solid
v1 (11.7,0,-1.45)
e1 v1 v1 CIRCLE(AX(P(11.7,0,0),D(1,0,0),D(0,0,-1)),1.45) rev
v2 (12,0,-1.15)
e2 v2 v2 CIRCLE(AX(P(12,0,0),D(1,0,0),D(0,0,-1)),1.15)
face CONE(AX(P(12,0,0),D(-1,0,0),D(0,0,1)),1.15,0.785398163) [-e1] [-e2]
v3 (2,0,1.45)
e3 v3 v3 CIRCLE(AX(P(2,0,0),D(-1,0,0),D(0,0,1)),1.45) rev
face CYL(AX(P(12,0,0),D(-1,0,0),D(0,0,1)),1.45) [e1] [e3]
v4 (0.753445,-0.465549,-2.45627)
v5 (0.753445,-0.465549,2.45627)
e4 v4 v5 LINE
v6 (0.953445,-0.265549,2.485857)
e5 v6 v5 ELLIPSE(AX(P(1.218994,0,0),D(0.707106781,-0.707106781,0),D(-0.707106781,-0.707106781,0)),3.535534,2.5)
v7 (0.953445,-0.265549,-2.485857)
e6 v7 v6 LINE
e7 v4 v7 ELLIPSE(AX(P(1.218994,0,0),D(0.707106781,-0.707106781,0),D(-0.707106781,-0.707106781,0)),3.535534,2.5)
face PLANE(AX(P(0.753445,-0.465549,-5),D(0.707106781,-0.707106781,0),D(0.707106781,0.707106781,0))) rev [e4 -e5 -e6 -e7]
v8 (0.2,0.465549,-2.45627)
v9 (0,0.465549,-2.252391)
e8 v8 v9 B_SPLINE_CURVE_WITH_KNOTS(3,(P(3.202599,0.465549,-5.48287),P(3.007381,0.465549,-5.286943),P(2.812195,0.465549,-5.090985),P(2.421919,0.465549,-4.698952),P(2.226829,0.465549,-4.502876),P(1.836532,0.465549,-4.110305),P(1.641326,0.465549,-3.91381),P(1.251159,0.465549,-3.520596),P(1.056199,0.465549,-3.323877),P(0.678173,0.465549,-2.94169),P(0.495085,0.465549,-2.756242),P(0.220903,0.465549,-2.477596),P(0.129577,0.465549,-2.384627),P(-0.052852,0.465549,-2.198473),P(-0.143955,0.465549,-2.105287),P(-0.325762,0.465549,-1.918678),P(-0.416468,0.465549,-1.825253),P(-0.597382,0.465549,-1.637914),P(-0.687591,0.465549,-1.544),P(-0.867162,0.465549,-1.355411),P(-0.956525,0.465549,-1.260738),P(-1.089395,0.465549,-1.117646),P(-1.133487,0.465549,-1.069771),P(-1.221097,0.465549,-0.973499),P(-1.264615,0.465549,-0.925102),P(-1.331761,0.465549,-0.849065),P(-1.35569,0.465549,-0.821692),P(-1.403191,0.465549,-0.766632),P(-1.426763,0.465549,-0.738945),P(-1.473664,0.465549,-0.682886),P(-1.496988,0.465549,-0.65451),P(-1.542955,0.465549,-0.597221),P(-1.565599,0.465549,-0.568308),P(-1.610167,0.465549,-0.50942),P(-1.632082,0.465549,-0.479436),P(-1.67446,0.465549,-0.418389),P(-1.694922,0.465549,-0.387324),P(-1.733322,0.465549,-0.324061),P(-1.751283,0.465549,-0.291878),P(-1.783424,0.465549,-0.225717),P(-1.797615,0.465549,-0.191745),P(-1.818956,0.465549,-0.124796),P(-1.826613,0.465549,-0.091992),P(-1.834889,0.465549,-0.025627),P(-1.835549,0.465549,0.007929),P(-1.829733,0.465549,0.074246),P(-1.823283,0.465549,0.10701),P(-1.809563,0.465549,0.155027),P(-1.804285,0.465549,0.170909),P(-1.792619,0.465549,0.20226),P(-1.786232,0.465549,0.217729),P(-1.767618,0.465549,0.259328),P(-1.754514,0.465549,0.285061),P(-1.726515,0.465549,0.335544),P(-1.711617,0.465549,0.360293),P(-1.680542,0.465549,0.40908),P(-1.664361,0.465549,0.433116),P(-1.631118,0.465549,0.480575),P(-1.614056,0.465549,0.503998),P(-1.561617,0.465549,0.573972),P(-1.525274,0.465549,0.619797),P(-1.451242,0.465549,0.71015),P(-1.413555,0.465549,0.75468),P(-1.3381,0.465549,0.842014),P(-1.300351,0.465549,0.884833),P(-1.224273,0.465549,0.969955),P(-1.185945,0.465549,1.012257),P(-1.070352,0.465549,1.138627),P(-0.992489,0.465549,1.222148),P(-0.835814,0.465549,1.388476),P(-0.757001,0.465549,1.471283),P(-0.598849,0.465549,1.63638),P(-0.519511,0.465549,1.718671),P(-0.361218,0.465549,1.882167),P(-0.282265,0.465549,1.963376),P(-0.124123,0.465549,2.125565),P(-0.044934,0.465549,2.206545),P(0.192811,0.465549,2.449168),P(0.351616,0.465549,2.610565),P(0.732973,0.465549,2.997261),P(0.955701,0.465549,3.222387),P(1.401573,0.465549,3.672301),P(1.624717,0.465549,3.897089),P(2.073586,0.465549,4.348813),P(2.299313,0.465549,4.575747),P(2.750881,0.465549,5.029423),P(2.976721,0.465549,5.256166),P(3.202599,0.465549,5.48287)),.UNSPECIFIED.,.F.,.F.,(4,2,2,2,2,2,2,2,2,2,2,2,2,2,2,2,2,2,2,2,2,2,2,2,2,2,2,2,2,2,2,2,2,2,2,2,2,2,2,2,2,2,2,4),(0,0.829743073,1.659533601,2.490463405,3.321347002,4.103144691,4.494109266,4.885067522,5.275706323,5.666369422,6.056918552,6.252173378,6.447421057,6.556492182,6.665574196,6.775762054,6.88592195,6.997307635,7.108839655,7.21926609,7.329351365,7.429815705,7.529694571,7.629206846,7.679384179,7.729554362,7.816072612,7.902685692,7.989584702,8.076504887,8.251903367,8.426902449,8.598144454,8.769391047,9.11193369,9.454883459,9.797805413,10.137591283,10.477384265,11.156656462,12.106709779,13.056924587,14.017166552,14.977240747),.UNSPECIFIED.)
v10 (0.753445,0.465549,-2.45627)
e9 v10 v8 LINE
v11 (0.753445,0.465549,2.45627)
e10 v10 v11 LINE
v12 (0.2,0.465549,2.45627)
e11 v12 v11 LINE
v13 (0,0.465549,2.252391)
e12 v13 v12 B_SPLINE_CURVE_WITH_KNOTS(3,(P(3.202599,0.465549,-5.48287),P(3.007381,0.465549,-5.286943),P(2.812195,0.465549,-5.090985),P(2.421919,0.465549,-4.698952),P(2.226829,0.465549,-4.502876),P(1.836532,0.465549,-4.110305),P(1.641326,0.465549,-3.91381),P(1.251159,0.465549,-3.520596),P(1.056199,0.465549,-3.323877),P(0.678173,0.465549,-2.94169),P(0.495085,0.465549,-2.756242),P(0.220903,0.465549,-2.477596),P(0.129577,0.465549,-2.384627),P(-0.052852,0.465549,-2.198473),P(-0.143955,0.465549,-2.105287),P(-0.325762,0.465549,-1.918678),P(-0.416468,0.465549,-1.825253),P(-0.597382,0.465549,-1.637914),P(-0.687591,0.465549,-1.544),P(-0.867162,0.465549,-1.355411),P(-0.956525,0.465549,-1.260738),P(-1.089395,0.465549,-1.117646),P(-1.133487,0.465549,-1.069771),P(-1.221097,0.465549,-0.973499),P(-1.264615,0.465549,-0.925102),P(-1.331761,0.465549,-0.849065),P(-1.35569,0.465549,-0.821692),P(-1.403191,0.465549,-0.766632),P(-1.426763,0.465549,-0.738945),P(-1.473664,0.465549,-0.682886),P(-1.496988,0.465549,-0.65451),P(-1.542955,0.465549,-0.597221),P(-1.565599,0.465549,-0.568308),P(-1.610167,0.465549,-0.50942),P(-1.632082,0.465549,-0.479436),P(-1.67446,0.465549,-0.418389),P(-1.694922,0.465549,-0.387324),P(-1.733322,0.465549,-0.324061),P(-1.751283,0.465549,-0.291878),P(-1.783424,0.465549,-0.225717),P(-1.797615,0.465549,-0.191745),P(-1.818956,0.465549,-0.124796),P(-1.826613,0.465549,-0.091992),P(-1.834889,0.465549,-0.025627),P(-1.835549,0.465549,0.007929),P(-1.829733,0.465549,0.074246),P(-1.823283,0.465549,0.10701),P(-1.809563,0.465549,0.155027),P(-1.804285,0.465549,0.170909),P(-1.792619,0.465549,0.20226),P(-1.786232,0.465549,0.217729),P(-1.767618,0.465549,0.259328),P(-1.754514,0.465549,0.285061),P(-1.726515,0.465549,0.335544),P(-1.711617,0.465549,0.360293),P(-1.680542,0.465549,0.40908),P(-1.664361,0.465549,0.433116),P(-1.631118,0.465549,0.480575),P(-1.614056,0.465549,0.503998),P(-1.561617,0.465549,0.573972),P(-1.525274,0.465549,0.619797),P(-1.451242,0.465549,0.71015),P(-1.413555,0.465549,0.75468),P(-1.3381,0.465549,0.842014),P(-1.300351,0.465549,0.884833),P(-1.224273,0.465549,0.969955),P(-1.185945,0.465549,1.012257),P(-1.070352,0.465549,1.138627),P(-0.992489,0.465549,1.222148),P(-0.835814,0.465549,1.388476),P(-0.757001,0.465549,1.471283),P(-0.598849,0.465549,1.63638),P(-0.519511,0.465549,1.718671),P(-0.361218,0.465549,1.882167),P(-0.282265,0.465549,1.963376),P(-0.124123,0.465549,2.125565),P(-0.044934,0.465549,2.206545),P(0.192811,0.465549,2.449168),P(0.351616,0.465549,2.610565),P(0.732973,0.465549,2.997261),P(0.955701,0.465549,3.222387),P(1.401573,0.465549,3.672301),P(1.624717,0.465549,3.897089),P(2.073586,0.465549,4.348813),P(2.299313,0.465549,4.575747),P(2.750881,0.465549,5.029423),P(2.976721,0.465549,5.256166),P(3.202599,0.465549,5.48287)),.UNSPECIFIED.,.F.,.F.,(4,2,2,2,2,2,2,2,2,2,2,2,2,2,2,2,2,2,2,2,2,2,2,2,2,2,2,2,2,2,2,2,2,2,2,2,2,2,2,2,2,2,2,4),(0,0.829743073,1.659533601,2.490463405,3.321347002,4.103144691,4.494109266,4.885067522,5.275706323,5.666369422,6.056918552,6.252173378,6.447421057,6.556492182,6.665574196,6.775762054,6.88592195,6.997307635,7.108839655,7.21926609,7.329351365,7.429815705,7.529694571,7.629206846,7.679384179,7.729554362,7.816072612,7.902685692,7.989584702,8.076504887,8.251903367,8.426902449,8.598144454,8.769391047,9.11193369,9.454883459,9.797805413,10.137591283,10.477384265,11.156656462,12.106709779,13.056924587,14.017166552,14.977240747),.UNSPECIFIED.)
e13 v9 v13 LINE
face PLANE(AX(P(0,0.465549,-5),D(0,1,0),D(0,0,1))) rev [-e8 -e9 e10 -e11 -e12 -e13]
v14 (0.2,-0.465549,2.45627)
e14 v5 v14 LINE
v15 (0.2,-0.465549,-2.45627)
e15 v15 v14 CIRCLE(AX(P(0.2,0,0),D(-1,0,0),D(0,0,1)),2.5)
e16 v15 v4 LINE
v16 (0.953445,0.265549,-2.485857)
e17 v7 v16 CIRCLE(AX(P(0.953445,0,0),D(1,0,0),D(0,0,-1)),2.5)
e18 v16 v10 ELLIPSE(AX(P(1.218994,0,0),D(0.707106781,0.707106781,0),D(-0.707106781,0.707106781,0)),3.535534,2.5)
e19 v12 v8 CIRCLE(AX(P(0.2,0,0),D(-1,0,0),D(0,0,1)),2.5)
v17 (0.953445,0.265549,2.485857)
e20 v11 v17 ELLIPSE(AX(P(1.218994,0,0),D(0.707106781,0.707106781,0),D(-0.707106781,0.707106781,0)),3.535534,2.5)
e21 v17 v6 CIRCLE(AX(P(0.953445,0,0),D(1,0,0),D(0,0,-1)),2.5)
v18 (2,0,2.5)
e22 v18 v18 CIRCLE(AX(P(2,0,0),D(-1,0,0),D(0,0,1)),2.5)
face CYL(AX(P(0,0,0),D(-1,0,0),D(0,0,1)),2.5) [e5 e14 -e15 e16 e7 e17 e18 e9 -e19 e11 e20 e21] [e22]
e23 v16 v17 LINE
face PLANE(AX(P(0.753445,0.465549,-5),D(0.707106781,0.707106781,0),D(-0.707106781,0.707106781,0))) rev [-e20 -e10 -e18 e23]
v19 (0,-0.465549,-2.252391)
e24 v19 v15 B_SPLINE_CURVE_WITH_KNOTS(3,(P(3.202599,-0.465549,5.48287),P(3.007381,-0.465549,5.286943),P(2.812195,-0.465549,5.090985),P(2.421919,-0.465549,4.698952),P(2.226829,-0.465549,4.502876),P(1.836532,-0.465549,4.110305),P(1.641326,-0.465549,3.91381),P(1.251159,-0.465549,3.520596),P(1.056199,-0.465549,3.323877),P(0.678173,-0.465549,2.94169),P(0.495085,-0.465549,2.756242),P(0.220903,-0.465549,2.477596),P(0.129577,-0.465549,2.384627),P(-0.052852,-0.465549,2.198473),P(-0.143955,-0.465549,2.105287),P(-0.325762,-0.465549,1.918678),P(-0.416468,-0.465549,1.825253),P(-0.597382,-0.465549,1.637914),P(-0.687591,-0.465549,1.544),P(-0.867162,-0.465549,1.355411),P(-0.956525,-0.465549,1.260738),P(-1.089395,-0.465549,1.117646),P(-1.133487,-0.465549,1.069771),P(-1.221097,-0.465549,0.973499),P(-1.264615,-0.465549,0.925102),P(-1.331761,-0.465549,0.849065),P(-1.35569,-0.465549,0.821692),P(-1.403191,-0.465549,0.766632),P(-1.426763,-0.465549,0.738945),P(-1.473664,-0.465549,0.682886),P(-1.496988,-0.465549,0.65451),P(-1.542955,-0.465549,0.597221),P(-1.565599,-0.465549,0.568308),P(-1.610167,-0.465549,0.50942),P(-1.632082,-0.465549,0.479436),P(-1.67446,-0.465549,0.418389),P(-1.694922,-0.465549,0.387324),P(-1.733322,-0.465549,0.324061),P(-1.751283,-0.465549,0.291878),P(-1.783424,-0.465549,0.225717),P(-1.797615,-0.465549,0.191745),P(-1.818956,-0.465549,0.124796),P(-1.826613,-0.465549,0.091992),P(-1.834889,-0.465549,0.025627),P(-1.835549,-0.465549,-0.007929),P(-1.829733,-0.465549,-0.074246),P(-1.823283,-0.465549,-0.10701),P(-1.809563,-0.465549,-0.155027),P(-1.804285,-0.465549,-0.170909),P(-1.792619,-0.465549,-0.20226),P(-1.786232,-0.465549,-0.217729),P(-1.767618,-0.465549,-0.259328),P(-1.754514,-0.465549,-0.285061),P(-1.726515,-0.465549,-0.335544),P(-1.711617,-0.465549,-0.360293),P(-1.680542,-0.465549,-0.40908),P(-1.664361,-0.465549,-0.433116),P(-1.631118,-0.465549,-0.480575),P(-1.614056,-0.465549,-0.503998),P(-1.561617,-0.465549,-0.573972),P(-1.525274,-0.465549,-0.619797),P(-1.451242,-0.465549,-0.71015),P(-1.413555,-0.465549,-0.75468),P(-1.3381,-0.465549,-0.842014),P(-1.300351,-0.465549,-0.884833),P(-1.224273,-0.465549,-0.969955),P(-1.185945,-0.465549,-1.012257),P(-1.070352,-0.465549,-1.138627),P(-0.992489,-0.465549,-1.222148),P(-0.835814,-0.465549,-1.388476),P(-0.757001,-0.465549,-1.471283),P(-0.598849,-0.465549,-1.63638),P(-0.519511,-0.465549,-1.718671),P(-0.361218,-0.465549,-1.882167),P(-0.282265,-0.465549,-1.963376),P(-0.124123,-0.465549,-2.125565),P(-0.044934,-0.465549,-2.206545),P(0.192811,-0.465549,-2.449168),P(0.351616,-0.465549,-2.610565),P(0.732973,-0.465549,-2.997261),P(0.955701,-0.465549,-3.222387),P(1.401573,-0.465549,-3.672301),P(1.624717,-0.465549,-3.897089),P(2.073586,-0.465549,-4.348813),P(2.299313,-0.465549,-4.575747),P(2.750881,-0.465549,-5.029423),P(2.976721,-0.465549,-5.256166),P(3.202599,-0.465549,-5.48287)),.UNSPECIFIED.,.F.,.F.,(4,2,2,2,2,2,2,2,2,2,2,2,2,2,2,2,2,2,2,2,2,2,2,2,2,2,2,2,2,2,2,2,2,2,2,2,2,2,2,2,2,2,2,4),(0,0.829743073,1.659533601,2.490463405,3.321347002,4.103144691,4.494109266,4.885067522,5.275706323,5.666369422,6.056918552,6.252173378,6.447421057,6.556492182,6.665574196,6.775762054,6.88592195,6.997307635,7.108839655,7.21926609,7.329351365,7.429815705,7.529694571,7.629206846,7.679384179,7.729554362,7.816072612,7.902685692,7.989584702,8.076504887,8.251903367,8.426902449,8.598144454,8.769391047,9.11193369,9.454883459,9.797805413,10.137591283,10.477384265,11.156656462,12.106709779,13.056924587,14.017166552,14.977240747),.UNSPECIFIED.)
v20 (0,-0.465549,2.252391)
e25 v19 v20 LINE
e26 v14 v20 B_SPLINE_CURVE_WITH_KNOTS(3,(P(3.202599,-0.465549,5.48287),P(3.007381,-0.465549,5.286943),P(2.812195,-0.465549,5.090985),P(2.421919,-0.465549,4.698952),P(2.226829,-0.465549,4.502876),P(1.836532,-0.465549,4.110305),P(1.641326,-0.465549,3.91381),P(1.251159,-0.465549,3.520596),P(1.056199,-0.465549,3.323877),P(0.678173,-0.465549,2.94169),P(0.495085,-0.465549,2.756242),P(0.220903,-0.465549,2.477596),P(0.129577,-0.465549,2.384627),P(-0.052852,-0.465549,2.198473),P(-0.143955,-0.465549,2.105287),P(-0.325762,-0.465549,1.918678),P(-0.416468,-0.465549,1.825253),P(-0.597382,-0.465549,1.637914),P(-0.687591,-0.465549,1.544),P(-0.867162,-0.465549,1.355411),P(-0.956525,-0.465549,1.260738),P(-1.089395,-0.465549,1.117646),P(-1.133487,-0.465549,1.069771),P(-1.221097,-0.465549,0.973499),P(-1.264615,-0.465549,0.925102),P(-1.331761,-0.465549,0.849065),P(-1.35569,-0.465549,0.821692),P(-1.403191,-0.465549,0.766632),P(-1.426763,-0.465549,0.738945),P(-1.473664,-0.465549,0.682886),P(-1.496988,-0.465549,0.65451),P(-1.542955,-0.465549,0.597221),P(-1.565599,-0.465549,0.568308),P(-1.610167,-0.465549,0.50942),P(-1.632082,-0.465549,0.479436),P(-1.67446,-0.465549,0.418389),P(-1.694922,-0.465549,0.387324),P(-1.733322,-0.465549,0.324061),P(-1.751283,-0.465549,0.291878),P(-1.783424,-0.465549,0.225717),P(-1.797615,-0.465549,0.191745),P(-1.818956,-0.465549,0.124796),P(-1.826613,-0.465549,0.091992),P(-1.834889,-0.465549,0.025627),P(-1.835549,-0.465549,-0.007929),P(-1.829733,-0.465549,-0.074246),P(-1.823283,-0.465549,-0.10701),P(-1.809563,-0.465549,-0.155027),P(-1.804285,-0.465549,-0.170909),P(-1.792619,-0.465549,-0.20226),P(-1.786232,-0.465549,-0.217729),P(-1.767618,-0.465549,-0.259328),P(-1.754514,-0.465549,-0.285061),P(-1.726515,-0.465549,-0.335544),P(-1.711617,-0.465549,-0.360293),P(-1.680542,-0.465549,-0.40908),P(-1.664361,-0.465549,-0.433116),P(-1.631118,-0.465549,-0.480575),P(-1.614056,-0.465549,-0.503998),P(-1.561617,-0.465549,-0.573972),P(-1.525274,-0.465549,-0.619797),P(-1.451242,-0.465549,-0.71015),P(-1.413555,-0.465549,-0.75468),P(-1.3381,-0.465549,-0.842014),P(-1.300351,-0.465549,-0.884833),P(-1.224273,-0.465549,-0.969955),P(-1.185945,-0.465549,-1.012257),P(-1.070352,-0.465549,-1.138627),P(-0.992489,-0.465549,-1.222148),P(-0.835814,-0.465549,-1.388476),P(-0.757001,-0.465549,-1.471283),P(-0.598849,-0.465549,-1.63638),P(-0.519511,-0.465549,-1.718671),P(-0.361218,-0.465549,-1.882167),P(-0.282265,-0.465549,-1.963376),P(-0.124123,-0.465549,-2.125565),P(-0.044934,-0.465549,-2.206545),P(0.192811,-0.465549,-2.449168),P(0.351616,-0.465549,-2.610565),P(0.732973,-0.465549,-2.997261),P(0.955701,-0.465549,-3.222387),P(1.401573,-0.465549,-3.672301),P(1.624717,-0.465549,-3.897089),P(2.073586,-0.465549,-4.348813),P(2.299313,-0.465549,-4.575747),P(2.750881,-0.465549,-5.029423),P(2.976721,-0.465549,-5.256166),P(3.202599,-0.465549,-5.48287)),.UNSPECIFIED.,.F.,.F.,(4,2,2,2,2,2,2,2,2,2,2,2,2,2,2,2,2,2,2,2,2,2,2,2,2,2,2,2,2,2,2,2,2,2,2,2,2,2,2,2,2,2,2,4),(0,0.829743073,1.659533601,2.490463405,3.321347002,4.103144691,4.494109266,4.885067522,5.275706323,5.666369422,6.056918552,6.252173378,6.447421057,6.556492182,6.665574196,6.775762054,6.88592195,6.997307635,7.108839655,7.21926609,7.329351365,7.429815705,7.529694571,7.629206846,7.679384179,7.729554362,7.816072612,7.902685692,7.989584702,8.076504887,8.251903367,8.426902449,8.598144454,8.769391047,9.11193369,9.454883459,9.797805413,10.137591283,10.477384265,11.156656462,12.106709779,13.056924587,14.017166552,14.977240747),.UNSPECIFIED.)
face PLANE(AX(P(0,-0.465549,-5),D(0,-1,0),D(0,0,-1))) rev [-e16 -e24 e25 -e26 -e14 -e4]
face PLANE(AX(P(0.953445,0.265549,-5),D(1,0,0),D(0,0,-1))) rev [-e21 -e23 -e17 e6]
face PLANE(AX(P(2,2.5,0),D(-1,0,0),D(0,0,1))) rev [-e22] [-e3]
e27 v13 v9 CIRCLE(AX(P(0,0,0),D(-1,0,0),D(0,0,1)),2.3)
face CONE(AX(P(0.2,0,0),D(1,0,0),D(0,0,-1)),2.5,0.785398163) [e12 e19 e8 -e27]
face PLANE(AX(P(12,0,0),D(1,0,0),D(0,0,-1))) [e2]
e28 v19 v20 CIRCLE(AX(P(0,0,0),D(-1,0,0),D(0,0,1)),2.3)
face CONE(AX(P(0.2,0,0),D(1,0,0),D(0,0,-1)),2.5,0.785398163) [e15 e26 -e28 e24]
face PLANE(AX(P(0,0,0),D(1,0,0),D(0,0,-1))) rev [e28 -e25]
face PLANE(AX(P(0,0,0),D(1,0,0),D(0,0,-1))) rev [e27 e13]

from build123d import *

# Parameters (mm, degrees)
ENL_V_MAT_EXTRU_1_DEPTH = 5
ESQUISSE3_R             = 1.45
EXTRUSION1_DEPTH        = 10
CHANFREIN1_SIZE         = 0.3


with BuildPart() as part:
    # Esquisse1 → Révolution1 (revolve)
    with BuildSketch(Plane.XY, mode=Mode.PRIVATE) as r_volution1_sk:
        Polygon((0, 0), (0, 2.3), (0.2, 2.5), (2, 2.5), (2, 0), align=None)
    revolve(r_volution1_sk.sketch.rotate(Axis((0, 0, 0), (1, 0, 0)), 90), axis=Axis((0, 0, 0), (1, 0, 0)))  # turned: the seam where the file's is

    # Esquisse2 → Enlèv. mat.-Extru.1 (cut, symmetric)
    with BuildSketch(Plane.XY):
        Polygon((0, 0.465549348), (0.753445065, 0.465549348), (0.953445065, 0.265549348), (0.953445065, -0.265549348), (0.753445065, -0.465549348), (0, -0.465549348), align=None)
    extrude(amount=ENL_V_MAT_EXTRU_1_DEPTH, both=True, mode=Mode.SUBTRACT)

    # Esquisse3 → Extrusion1 (add)
    with BuildSketch(Plane(origin=(2, 0, 0), x_dir=(0, 0, -1), z_dir=(1, 0, 0))):
        with Locations(Location((0, 0, 0), (0, 0, 180))):  # turned: the seam where the file's is
            Circle(ESQUISSE3_R)
    extrude(amount=EXTRUSION1_DEPTH)

    # Chanfrein1
    chanfrein1_edges = [part.edges().sort_by_distance(p)[0] for p in [
        (12, 0, -1.45),
    ]]
    chamfer(chanfrein1_edges, length=CHANFREIN1_SIZE)


solid = part.part
